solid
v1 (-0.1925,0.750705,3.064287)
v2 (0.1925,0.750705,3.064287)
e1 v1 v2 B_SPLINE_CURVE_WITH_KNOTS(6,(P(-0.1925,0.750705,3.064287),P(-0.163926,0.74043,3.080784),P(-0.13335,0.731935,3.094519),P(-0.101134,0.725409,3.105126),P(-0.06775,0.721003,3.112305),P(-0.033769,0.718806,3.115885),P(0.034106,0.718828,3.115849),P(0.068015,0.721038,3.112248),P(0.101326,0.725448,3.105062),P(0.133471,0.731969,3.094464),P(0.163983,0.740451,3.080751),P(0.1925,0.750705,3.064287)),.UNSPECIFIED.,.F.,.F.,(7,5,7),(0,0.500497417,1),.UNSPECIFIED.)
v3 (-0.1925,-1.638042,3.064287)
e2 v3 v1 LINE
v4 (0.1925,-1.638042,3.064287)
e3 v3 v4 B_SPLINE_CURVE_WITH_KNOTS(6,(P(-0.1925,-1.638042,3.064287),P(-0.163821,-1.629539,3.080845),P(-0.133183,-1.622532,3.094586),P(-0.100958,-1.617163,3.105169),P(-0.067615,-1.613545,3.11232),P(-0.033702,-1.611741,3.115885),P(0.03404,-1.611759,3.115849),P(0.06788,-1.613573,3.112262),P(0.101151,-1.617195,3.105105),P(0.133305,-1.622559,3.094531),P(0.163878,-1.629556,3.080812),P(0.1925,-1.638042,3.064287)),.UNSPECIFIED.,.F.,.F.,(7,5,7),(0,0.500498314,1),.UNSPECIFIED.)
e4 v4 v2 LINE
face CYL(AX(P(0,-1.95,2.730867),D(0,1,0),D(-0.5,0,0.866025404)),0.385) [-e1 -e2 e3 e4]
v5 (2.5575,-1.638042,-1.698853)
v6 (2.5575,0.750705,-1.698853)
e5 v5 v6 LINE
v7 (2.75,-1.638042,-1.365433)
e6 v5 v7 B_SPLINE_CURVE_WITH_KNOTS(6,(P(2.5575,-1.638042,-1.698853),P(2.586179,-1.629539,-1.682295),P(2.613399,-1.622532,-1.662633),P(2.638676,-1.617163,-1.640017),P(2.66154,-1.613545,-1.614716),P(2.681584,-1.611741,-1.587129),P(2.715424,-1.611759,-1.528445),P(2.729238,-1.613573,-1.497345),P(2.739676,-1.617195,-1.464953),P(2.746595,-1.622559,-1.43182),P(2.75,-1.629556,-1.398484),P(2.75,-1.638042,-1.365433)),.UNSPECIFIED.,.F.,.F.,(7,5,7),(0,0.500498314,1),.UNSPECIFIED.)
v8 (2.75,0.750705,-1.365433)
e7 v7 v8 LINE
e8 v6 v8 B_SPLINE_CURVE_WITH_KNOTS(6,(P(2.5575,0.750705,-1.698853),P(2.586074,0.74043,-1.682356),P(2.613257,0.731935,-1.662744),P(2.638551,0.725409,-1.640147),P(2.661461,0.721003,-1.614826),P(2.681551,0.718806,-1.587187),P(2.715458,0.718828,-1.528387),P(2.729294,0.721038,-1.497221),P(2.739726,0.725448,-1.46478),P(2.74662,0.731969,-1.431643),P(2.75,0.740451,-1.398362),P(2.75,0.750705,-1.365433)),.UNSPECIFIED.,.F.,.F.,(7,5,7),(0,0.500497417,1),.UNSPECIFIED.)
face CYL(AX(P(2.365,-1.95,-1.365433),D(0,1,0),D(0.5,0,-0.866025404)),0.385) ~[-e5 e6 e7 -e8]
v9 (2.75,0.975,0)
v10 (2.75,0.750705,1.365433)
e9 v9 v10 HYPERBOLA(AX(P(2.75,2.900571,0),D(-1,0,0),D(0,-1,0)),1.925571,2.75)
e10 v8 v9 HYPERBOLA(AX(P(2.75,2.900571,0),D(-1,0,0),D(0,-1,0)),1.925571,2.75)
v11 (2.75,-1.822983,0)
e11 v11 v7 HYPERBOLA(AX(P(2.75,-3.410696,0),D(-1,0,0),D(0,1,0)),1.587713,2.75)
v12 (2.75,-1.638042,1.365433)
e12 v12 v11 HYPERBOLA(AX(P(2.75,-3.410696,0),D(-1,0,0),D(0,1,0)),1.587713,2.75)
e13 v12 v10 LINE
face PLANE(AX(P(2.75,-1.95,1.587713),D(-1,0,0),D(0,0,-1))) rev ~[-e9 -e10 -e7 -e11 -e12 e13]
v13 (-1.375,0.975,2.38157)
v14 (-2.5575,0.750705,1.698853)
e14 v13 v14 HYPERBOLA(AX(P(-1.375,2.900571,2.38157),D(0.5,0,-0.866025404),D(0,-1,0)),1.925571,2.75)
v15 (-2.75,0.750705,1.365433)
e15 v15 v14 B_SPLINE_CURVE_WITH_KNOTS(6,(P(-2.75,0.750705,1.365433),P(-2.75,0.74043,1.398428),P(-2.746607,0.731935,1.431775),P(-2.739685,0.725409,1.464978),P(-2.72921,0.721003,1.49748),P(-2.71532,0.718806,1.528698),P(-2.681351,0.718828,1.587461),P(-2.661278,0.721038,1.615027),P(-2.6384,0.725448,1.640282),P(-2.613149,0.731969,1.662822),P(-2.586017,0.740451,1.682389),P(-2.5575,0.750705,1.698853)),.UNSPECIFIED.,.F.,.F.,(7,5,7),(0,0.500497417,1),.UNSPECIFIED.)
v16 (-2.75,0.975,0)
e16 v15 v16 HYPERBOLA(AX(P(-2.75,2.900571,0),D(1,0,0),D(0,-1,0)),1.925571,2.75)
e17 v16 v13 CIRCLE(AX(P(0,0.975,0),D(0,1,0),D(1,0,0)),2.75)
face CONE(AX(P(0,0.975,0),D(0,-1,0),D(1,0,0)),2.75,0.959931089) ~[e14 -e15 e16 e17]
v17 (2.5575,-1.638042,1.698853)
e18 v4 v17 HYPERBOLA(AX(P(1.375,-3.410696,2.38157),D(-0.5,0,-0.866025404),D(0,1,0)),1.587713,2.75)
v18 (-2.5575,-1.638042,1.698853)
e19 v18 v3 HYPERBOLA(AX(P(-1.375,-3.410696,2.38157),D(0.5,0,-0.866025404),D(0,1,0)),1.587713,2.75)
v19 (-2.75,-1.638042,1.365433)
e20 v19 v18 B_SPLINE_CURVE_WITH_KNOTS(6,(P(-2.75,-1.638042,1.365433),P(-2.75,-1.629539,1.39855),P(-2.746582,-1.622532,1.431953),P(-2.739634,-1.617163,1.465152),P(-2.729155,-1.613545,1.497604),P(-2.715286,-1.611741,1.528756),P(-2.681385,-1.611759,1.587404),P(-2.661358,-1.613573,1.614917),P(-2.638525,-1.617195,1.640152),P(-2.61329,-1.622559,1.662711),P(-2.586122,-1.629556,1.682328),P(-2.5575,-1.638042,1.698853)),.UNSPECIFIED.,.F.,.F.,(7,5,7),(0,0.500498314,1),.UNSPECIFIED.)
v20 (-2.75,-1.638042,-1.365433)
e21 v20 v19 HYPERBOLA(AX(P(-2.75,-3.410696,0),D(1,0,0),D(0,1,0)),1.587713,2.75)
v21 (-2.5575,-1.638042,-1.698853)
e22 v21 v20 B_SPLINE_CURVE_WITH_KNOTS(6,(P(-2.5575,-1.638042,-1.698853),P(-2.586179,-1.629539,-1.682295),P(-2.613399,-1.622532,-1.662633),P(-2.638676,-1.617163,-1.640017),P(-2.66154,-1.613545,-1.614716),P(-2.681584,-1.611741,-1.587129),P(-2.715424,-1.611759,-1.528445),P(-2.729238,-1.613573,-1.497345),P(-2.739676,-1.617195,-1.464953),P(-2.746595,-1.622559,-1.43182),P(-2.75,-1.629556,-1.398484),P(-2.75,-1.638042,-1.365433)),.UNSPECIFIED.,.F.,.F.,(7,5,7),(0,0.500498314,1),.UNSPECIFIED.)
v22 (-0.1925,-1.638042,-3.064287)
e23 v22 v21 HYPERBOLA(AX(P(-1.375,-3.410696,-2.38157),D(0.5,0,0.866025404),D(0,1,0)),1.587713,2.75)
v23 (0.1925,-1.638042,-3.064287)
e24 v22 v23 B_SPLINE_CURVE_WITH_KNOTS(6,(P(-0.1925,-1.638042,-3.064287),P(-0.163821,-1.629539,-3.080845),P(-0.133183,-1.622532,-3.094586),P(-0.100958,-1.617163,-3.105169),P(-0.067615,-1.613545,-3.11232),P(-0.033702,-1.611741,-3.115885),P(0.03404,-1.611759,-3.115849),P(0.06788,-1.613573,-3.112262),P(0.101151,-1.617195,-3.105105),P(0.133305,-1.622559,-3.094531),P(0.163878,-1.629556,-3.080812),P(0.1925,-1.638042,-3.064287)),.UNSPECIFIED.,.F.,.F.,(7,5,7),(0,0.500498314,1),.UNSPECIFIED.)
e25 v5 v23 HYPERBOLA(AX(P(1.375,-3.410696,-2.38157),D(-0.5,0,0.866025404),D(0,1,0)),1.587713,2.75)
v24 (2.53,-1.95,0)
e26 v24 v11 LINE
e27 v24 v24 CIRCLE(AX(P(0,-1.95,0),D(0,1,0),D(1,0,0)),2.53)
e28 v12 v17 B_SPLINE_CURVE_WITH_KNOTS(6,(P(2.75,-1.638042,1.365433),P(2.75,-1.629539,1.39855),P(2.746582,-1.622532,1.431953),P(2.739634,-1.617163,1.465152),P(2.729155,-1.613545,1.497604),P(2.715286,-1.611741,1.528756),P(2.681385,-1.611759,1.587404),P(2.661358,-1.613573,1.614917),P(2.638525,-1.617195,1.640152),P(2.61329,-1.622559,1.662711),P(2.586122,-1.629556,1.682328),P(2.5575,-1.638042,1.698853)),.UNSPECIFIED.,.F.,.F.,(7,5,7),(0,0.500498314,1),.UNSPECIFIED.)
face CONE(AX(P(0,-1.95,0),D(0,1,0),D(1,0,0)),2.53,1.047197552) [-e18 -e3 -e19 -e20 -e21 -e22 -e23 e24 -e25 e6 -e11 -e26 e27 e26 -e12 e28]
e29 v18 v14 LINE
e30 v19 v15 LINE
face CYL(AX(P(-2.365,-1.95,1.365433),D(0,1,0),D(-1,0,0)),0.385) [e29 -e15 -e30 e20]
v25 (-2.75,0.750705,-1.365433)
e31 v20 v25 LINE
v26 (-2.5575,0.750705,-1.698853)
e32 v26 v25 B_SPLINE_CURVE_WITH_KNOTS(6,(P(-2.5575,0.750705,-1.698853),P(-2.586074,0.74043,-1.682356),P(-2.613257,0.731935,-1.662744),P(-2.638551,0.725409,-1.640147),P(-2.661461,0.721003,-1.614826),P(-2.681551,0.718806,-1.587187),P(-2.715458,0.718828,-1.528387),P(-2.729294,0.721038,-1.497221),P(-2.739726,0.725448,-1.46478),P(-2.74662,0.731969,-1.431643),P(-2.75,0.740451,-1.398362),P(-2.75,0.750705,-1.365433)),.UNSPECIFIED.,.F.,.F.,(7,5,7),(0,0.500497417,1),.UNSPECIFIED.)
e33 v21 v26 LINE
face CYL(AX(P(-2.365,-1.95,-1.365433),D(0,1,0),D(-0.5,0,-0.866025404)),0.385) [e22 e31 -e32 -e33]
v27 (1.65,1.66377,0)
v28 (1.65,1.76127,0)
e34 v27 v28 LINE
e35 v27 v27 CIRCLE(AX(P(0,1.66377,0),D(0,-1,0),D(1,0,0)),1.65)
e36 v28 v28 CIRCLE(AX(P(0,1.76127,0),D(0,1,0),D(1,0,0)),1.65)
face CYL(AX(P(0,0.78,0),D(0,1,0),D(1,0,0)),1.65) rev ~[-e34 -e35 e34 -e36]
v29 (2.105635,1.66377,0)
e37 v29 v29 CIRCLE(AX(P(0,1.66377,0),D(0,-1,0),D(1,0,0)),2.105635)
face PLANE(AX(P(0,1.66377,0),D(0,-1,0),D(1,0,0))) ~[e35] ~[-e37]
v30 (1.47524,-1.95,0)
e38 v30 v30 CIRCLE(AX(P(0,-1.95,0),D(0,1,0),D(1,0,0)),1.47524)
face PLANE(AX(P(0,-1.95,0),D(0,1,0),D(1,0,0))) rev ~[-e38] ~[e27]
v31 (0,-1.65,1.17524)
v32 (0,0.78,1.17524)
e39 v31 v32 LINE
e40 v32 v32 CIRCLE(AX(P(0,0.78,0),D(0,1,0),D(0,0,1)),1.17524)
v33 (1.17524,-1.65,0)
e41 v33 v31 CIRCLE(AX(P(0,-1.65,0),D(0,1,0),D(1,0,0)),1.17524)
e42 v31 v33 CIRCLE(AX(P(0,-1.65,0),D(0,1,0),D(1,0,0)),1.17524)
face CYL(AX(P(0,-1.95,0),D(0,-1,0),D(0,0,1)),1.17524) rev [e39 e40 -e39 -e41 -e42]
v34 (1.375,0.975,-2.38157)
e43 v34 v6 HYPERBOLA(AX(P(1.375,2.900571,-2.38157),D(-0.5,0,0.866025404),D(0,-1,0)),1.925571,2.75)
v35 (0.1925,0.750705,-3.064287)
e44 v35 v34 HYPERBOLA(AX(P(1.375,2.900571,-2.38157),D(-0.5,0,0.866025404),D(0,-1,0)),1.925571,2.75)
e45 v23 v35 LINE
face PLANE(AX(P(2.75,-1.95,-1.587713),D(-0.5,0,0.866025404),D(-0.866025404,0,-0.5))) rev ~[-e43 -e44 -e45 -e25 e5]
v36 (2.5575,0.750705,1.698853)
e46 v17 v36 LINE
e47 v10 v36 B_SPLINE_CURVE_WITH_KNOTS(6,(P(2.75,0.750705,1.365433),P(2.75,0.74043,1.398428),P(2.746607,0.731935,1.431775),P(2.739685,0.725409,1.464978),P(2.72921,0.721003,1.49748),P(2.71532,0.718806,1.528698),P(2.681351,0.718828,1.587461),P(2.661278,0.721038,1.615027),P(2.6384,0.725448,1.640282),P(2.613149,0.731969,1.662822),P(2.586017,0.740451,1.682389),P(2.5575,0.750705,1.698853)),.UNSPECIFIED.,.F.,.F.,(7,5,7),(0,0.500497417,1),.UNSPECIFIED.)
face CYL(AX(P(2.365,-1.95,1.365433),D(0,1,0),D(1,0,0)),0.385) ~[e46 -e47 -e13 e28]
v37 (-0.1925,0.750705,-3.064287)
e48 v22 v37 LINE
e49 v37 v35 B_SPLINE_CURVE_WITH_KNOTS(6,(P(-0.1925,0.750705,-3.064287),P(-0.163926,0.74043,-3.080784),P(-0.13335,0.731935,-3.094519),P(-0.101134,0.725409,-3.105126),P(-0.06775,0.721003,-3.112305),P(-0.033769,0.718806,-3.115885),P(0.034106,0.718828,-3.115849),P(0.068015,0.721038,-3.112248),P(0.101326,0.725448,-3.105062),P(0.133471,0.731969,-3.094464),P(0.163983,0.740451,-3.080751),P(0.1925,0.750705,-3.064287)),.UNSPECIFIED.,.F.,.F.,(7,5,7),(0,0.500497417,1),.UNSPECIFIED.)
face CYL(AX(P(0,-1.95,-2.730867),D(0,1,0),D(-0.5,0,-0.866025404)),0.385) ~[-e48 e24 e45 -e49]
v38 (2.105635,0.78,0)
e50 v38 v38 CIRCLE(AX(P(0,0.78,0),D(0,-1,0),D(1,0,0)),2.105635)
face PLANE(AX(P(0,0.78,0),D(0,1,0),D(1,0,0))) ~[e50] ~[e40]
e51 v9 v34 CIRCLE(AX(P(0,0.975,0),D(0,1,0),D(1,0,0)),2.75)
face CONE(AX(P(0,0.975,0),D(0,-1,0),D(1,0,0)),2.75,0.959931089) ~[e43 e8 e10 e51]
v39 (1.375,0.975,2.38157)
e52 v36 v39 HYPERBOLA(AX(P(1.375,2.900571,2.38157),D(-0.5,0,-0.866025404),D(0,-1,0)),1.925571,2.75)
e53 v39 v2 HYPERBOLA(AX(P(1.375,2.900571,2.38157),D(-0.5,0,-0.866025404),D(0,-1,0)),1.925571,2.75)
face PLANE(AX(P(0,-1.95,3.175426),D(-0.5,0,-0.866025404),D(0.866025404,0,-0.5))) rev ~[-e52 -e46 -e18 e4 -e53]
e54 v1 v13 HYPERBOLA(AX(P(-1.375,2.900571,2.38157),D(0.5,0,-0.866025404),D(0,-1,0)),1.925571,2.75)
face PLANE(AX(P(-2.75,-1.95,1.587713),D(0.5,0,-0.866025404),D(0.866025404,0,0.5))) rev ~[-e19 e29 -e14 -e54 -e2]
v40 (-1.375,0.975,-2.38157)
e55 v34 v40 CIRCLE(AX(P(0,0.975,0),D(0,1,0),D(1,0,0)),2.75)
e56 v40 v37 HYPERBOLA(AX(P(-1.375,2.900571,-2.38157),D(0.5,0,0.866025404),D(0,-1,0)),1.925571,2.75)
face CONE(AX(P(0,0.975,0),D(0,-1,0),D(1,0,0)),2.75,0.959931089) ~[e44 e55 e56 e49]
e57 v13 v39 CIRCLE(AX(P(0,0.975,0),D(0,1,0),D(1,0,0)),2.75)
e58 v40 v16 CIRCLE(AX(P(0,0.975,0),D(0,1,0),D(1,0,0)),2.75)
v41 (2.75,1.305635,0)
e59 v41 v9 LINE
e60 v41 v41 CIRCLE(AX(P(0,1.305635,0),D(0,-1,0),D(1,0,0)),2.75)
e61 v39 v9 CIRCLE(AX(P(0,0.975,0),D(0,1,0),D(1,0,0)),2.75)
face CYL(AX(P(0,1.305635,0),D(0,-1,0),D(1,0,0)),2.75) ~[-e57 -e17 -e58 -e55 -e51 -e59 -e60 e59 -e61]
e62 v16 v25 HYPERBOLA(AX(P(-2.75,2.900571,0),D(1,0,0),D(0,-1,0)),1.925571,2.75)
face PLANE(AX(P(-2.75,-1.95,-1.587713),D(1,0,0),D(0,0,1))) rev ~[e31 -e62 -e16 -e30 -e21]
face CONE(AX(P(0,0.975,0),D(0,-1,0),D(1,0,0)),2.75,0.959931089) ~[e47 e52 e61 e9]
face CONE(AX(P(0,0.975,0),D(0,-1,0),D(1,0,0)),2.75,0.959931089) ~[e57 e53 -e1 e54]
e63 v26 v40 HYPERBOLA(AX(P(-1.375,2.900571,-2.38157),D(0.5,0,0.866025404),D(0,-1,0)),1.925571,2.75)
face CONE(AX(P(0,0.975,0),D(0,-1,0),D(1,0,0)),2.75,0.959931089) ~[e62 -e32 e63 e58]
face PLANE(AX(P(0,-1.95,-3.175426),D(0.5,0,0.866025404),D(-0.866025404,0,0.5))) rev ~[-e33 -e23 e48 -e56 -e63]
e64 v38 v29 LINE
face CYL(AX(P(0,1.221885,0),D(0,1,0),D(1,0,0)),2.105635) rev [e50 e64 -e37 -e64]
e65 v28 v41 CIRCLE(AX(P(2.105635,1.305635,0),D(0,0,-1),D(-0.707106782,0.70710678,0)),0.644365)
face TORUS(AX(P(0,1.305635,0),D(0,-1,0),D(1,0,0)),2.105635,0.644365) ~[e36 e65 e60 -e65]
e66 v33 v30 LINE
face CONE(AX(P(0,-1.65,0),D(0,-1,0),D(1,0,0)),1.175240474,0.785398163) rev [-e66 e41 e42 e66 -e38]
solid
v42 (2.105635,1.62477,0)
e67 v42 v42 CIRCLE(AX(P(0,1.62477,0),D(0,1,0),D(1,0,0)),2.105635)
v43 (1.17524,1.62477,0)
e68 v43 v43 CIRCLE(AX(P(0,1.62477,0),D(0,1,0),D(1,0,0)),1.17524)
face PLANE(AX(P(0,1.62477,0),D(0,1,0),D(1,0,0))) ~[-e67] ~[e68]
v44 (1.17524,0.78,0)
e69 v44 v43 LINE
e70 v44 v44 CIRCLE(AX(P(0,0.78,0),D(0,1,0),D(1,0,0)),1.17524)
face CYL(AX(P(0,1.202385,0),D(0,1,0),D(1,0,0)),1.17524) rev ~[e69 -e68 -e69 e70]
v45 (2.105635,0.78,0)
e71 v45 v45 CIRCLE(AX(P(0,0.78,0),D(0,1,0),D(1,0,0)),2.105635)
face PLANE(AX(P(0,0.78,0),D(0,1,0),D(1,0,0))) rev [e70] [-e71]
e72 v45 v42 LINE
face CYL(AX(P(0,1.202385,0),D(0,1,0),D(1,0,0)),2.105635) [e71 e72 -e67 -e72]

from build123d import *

# Parameters (mm, degrees)
BOSS_EXTRUDE1_DEPTH      = 1.95
BOSS_EXTRUDE1_DEPTH_BACK = 1.95
SKETCH2_R                = 1.175240474
FILLET1_R                = 0.385
SKETCH12_W               = 0.455634919
SKETCH12_H               = 0.883769837
SKETCH4_W                = 0.930394445
SKETCH4_H                = 0.844769837


with BuildPart() as part:
    # Sketch2 → Boss-Extrude1 (new, two sides: drawn at the far end of the back side and taken through both)
    with BuildSketch(Plane(origin=(0, 0, 0), x_dir=(1, 0, 0), z_dir=(0, 1, 0)).offset(-BOSS_EXTRUDE1_DEPTH_BACK)):
        Polygon((0, 3.175426481), (-2.75, 1.58771324), (-2.75, -1.58771324), (0, -3.175426481), (2.75, -1.58771324), (2.75, 1.58771324), align=None)
        with Locations(Location((0, 0, 0), (0, 0, 270))):
            Circle(SKETCH2_R, mode=Mode.SUBTRACT)
    extrude(amount=BOSS_EXTRUDE1_DEPTH + BOSS_EXTRUDE1_DEPTH_BACK)

    # Fillet1
    fillet1_edges = [part.edges().sort_by_distance(p)[0] for p in [
        (2.75, 0, -1.58771324),
        (2.75, 0, 1.58771324),
        (0, 0, 3.175426481),
        (-2.75, 0, 1.58771324),
        (-2.75, 0, -1.58771324),
        (0, 0, -3.175426481),
    ]]
    fillet(fillet1_edges, radius=FILLET1_R)

    # Sketch3 → Cut-Revolve2 (revolve, cut)
    with BuildSketch(Plane(origin=(0, 0, 0), x_dir=(0, 0, -1), z_dir=(1, 0, 0)), mode=Mode.PRIVATE) as cut_revolve2_sk:
        with BuildLine():
            Line((3.175426481, 0.975), (3.175426481, 2.95))
            Line((3.175426481, 2.95), (1.175240474, 2.95))
            Line((1.175240474, 2.95), (1.175240474, 0.78))
            Line((1.175240474, 0.78), (1.65, 0.78))
            Line((1.65, 0.78), (1.65, 1.761269837))
            ThreePointArc((1.65, 1.761269837), (2.35222276, 1.900950629), (2.75, 1.305634919))
            Line((2.75, 1.305634919), (2.75, 0.975))
            Line((2.75, 0.975), (3.175426481, 0.677113171))
            Line((3.175426481, 0.677113171), (3.175426481, 0.975))
        make_face()
        Polygon((2.53, -1.95), (3.175426481, -1.577362848), (3.175426481, -1.95), align=None)
        Polygon((1.175240474, -1.95), (1.175240474, -1.65), (1.475240474, -1.95), align=None)
    revolve(cut_revolve2_sk.sketch.rotate(Axis((0, -1.95, 0), (0, 1, 0)), 270), axis=Axis((0, -1.95, 0), (0, 1, 0)), mode=Mode.SUBTRACT)

    # Sketch12 → Cut-Revolve3 (revolve, cut)
    with BuildSketch(Plane(origin=(0, 0, 0), x_dir=(0, 0, -1), z_dir=(1, 0, 0)), mode=Mode.PRIVATE) as cut_revolve3_sk:
        with Locations((1.87781746, 1.221884919)):
            Rectangle(SKETCH12_W, SKETCH12_H)
    revolve(cut_revolve3_sk.sketch.rotate(Axis((0, 1.95, 0), (0, -1, 0)), 90), axis=Axis((0, 1.95, 0), (0, -1, 0)), mode=Mode.SUBTRACT)


with BuildPart() as body_2:
    # Sketch4 → Revolve1 (revolve)
    with BuildSketch(Plane(origin=(0, 0, 0), x_dir=(0, 0, -1), z_dir=(1, 0, 0)), mode=Mode.PRIVATE) as revolve1_sk:
        with Locations((1.640437697, 1.202384918)):
            Rectangle(SKETCH4_W, SKETCH4_H)
    revolve(revolve1_sk.sketch.rotate(Axis((0, -1.95, 0), (0, 1, 0)), 270), axis=Axis((0, -1.95, 0), (0, 1, 0)))


solid = Compound([part.part, body_2.part])
